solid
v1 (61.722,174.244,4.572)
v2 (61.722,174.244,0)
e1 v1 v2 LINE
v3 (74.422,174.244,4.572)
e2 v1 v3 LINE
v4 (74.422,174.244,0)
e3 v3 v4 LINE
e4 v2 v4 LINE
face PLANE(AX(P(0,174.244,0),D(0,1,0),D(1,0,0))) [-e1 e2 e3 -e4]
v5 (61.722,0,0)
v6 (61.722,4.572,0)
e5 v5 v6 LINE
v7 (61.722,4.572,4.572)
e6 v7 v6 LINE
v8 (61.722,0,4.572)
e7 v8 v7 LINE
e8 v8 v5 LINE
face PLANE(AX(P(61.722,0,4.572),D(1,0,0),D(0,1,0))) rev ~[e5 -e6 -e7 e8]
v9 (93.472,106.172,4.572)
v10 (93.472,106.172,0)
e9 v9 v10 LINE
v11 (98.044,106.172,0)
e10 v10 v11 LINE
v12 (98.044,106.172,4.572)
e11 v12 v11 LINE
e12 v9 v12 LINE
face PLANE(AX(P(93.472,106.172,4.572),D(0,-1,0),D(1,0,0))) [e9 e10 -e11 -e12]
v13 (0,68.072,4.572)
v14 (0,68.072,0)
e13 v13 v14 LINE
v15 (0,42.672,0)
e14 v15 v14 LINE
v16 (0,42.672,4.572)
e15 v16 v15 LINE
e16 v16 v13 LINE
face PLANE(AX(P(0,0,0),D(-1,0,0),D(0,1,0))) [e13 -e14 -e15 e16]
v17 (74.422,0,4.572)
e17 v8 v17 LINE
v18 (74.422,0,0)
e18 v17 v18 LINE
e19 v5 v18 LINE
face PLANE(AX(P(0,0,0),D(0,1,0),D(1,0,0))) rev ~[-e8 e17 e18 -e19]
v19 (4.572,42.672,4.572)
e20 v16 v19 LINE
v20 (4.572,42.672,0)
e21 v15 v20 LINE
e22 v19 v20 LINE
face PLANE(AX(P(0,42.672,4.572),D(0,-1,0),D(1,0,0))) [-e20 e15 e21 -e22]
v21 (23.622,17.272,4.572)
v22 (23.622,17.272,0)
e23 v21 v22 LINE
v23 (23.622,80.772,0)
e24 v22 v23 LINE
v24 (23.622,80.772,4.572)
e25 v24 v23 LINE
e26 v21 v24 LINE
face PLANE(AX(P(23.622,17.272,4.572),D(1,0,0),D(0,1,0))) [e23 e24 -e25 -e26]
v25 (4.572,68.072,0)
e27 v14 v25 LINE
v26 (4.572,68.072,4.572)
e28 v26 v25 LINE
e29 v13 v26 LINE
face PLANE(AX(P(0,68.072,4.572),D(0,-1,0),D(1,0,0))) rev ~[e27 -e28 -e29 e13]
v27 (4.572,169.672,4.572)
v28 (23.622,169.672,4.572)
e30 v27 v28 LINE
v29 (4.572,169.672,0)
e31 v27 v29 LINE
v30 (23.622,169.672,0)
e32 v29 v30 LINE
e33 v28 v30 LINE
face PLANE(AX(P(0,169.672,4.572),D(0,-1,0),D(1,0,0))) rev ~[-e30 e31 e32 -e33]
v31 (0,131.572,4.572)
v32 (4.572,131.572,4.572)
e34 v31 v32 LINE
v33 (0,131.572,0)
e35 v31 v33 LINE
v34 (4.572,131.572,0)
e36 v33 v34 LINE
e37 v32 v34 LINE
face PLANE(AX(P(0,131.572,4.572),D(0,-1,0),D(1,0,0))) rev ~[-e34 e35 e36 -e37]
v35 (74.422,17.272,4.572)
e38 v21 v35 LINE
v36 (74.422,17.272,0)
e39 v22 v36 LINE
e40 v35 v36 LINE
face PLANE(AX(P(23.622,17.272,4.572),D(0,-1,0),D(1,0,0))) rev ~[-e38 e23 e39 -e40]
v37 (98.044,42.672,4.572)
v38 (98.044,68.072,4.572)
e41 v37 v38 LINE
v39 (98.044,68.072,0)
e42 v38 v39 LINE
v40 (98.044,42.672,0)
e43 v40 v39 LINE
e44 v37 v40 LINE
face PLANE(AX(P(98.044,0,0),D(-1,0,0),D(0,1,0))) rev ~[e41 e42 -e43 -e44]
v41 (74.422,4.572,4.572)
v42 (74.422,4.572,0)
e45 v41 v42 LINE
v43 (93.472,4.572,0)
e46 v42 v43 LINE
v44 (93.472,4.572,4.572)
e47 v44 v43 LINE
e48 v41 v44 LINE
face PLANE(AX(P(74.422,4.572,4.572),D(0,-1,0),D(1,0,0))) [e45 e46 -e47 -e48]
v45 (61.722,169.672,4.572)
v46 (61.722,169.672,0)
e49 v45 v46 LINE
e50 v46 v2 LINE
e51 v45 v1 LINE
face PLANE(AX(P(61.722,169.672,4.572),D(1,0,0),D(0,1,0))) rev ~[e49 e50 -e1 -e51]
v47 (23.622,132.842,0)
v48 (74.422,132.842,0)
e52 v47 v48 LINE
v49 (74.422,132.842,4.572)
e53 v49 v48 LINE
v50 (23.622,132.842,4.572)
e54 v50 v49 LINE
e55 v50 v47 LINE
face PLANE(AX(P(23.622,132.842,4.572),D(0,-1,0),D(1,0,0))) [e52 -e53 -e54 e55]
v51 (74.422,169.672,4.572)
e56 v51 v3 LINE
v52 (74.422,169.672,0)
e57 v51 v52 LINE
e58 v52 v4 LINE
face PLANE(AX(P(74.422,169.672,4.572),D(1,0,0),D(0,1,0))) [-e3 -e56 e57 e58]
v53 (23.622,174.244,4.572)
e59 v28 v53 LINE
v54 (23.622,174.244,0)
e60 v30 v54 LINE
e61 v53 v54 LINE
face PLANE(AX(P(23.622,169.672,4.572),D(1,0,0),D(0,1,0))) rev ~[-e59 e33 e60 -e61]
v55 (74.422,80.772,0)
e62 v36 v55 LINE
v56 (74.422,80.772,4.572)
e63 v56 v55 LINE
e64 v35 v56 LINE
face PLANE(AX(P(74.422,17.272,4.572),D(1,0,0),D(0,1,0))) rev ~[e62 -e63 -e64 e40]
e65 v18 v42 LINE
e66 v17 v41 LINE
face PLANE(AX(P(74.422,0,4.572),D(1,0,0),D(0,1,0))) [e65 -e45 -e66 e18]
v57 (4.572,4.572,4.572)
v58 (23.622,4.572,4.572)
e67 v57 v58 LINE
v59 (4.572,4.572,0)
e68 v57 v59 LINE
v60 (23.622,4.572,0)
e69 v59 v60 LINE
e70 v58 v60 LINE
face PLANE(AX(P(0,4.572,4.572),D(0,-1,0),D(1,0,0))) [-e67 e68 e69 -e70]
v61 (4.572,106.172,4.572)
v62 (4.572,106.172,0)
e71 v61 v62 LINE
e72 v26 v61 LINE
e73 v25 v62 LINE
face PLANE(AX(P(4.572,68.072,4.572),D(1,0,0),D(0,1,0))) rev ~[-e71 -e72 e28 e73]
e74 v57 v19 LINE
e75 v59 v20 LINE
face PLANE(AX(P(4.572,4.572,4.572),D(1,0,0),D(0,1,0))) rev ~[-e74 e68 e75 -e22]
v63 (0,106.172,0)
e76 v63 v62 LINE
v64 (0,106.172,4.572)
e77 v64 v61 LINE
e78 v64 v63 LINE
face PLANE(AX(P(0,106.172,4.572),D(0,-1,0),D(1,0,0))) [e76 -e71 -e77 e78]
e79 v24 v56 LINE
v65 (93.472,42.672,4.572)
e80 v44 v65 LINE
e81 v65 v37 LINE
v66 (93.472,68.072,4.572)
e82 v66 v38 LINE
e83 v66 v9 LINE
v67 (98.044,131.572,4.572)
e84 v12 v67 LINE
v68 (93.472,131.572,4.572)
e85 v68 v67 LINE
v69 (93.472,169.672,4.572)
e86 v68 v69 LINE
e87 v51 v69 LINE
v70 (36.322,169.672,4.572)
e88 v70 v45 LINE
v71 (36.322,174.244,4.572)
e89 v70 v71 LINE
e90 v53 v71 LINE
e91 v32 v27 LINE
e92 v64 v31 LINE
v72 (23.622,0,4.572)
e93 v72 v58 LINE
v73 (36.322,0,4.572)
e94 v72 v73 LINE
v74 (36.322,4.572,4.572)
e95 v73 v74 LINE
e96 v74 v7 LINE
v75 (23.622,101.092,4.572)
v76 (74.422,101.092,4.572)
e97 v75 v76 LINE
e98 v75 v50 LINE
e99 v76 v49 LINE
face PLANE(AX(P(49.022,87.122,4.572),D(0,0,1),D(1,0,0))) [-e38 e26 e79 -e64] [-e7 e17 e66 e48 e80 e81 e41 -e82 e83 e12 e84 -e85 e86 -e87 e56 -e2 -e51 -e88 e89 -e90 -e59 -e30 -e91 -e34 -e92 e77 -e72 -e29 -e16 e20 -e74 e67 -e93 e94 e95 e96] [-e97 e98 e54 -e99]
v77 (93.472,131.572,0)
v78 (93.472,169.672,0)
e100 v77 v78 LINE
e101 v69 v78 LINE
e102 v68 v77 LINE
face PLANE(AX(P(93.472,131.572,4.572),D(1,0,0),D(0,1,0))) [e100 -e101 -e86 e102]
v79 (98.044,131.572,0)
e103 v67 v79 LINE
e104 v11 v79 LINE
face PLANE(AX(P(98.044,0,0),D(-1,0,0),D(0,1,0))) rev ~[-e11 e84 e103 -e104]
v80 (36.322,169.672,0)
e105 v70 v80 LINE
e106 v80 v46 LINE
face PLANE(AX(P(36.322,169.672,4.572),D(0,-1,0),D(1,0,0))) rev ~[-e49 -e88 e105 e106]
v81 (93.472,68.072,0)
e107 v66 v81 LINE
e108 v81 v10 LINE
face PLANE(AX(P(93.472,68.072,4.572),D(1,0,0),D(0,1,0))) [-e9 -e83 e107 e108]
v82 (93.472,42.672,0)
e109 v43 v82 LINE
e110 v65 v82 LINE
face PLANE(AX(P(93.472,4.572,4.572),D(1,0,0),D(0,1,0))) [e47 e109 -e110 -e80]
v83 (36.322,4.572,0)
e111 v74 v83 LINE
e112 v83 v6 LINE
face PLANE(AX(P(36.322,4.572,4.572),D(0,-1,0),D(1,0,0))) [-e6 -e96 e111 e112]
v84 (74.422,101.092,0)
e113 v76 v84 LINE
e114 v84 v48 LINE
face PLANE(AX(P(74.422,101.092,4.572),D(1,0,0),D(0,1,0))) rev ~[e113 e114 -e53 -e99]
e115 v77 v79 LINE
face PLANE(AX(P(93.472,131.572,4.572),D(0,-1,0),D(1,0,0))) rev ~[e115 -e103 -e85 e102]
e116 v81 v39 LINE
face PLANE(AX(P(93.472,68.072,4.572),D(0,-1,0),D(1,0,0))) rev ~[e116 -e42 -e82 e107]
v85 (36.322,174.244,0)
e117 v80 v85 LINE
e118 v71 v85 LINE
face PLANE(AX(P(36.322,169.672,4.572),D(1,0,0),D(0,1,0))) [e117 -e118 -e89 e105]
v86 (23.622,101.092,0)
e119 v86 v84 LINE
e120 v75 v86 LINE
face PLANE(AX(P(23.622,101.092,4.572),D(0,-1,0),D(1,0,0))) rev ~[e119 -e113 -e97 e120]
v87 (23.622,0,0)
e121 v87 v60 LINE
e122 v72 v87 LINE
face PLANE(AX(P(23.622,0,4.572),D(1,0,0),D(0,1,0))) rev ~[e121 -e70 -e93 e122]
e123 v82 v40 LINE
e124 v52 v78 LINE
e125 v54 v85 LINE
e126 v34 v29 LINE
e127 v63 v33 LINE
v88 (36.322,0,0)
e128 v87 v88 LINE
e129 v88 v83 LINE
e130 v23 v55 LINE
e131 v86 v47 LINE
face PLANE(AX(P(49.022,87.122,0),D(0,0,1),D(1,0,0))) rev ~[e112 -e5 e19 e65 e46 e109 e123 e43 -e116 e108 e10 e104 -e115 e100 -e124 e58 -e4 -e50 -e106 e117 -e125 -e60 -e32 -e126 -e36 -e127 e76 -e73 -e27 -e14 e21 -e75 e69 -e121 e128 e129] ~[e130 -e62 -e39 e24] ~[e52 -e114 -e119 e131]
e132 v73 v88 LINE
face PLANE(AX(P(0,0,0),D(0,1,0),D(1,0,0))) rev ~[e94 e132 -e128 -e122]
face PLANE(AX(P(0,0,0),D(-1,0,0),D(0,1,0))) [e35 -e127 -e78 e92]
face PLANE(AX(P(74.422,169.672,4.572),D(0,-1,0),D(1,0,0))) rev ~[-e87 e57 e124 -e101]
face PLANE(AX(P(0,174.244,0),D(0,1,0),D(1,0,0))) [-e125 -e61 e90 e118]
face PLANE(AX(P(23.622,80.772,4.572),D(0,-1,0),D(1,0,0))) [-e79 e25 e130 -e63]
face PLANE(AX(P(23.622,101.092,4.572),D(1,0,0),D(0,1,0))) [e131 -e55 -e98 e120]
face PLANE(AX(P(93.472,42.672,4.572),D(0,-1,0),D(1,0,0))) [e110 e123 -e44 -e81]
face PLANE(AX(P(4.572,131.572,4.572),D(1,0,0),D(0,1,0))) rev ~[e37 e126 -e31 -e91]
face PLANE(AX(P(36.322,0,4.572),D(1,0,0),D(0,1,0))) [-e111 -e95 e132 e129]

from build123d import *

# Parameters (mm, degrees)
SKETCH1_W           = 98.044
SKETCH1_H           = 174.244
BOSS_EXTRUDE1_DEPTH = 4.572
SKETCH2_W           = 23.622
SKETCH2_H           = 4.572
SKETCH2_W_2         = 25.4
CUT_EXTRUDE1_DEPTH  = 4.572
SKETCH3_W           = 4.572
SKETCH3_H           = 38.1
CUT_EXTRUDE2_DEPTH  = 4.572
SKETCH4_W           = 50.8
SKETCH4_H           = 63.5
SKETCH4_H_2         = 31.75
CUT_EXTRUDE3_DEPTH  = 4.572


with BuildPart() as part:
    # Sketch1 → Boss-Extrude1 (new body)
    with BuildSketch(Plane.XY):
        with Locations((49.022, 87.122)):
            Rectangle(SKETCH1_W, SKETCH1_H)
    extrude(amount=BOSS_EXTRUDE1_DEPTH)

    # Sketch2 → Cut-Extrude1 (cut)
    with BuildSketch(Plane.XY.offset(4.572)):
        with Locations((11.811, 2.286)):
            Rectangle(SKETCH2_W, SKETCH2_H)
        with Locations((49.022, 2.286)):
            Rectangle(SKETCH2_W_2, SKETCH2_H)
        with Locations((86.233, 2.286)):
            Rectangle(SKETCH2_W, SKETCH2_H)
        with Locations((11.811, 171.958)):
            Rectangle(SKETCH2_W, SKETCH2_H)
        with Locations((49.022, 171.958)):
            Rectangle(SKETCH2_W_2, SKETCH2_H)
        with Locations((86.233, 171.958)):
            Rectangle(SKETCH2_W, SKETCH2_H)
    extrude(amount=-CUT_EXTRUDE1_DEPTH, mode=Mode.SUBTRACT)

    # Sketch3 → Cut-Extrude2 (cut)
    with BuildSketch(Plane.XY.offset(4.572)):
        with Locations((2.286, 23.622)):
            Rectangle(SKETCH3_W, SKETCH3_H)
        with Locations((95.758, 23.622)):
            Rectangle(SKETCH3_W, SKETCH3_H)
        with Locations((2.286, 87.122)):
            Rectangle(SKETCH3_W, SKETCH3_H)
        with Locations((2.286, 150.622)):
            Rectangle(SKETCH3_W, SKETCH3_H)
        with Locations((95.758, 150.622)):
            Rectangle(SKETCH3_W, SKETCH3_H)
        with Locations((95.758, 87.122)):
            Rectangle(SKETCH3_W, SKETCH3_H)
    extrude(amount=-CUT_EXTRUDE2_DEPTH, mode=Mode.SUBTRACT)

    # Sketch4 → Cut-Extrude3 (cut)
    with BuildSketch(Plane.XY.offset(4.572)):
        with Locations((49.022, 49.022)):
            Rectangle(SKETCH4_W, SKETCH4_H)
        with Locations((49.022, 116.967)):
            Rectangle(SKETCH4_W, SKETCH4_H_2)
    extrude(amount=-CUT_EXTRUDE3_DEPTH, mode=Mode.SUBTRACT)


solid = part.part
